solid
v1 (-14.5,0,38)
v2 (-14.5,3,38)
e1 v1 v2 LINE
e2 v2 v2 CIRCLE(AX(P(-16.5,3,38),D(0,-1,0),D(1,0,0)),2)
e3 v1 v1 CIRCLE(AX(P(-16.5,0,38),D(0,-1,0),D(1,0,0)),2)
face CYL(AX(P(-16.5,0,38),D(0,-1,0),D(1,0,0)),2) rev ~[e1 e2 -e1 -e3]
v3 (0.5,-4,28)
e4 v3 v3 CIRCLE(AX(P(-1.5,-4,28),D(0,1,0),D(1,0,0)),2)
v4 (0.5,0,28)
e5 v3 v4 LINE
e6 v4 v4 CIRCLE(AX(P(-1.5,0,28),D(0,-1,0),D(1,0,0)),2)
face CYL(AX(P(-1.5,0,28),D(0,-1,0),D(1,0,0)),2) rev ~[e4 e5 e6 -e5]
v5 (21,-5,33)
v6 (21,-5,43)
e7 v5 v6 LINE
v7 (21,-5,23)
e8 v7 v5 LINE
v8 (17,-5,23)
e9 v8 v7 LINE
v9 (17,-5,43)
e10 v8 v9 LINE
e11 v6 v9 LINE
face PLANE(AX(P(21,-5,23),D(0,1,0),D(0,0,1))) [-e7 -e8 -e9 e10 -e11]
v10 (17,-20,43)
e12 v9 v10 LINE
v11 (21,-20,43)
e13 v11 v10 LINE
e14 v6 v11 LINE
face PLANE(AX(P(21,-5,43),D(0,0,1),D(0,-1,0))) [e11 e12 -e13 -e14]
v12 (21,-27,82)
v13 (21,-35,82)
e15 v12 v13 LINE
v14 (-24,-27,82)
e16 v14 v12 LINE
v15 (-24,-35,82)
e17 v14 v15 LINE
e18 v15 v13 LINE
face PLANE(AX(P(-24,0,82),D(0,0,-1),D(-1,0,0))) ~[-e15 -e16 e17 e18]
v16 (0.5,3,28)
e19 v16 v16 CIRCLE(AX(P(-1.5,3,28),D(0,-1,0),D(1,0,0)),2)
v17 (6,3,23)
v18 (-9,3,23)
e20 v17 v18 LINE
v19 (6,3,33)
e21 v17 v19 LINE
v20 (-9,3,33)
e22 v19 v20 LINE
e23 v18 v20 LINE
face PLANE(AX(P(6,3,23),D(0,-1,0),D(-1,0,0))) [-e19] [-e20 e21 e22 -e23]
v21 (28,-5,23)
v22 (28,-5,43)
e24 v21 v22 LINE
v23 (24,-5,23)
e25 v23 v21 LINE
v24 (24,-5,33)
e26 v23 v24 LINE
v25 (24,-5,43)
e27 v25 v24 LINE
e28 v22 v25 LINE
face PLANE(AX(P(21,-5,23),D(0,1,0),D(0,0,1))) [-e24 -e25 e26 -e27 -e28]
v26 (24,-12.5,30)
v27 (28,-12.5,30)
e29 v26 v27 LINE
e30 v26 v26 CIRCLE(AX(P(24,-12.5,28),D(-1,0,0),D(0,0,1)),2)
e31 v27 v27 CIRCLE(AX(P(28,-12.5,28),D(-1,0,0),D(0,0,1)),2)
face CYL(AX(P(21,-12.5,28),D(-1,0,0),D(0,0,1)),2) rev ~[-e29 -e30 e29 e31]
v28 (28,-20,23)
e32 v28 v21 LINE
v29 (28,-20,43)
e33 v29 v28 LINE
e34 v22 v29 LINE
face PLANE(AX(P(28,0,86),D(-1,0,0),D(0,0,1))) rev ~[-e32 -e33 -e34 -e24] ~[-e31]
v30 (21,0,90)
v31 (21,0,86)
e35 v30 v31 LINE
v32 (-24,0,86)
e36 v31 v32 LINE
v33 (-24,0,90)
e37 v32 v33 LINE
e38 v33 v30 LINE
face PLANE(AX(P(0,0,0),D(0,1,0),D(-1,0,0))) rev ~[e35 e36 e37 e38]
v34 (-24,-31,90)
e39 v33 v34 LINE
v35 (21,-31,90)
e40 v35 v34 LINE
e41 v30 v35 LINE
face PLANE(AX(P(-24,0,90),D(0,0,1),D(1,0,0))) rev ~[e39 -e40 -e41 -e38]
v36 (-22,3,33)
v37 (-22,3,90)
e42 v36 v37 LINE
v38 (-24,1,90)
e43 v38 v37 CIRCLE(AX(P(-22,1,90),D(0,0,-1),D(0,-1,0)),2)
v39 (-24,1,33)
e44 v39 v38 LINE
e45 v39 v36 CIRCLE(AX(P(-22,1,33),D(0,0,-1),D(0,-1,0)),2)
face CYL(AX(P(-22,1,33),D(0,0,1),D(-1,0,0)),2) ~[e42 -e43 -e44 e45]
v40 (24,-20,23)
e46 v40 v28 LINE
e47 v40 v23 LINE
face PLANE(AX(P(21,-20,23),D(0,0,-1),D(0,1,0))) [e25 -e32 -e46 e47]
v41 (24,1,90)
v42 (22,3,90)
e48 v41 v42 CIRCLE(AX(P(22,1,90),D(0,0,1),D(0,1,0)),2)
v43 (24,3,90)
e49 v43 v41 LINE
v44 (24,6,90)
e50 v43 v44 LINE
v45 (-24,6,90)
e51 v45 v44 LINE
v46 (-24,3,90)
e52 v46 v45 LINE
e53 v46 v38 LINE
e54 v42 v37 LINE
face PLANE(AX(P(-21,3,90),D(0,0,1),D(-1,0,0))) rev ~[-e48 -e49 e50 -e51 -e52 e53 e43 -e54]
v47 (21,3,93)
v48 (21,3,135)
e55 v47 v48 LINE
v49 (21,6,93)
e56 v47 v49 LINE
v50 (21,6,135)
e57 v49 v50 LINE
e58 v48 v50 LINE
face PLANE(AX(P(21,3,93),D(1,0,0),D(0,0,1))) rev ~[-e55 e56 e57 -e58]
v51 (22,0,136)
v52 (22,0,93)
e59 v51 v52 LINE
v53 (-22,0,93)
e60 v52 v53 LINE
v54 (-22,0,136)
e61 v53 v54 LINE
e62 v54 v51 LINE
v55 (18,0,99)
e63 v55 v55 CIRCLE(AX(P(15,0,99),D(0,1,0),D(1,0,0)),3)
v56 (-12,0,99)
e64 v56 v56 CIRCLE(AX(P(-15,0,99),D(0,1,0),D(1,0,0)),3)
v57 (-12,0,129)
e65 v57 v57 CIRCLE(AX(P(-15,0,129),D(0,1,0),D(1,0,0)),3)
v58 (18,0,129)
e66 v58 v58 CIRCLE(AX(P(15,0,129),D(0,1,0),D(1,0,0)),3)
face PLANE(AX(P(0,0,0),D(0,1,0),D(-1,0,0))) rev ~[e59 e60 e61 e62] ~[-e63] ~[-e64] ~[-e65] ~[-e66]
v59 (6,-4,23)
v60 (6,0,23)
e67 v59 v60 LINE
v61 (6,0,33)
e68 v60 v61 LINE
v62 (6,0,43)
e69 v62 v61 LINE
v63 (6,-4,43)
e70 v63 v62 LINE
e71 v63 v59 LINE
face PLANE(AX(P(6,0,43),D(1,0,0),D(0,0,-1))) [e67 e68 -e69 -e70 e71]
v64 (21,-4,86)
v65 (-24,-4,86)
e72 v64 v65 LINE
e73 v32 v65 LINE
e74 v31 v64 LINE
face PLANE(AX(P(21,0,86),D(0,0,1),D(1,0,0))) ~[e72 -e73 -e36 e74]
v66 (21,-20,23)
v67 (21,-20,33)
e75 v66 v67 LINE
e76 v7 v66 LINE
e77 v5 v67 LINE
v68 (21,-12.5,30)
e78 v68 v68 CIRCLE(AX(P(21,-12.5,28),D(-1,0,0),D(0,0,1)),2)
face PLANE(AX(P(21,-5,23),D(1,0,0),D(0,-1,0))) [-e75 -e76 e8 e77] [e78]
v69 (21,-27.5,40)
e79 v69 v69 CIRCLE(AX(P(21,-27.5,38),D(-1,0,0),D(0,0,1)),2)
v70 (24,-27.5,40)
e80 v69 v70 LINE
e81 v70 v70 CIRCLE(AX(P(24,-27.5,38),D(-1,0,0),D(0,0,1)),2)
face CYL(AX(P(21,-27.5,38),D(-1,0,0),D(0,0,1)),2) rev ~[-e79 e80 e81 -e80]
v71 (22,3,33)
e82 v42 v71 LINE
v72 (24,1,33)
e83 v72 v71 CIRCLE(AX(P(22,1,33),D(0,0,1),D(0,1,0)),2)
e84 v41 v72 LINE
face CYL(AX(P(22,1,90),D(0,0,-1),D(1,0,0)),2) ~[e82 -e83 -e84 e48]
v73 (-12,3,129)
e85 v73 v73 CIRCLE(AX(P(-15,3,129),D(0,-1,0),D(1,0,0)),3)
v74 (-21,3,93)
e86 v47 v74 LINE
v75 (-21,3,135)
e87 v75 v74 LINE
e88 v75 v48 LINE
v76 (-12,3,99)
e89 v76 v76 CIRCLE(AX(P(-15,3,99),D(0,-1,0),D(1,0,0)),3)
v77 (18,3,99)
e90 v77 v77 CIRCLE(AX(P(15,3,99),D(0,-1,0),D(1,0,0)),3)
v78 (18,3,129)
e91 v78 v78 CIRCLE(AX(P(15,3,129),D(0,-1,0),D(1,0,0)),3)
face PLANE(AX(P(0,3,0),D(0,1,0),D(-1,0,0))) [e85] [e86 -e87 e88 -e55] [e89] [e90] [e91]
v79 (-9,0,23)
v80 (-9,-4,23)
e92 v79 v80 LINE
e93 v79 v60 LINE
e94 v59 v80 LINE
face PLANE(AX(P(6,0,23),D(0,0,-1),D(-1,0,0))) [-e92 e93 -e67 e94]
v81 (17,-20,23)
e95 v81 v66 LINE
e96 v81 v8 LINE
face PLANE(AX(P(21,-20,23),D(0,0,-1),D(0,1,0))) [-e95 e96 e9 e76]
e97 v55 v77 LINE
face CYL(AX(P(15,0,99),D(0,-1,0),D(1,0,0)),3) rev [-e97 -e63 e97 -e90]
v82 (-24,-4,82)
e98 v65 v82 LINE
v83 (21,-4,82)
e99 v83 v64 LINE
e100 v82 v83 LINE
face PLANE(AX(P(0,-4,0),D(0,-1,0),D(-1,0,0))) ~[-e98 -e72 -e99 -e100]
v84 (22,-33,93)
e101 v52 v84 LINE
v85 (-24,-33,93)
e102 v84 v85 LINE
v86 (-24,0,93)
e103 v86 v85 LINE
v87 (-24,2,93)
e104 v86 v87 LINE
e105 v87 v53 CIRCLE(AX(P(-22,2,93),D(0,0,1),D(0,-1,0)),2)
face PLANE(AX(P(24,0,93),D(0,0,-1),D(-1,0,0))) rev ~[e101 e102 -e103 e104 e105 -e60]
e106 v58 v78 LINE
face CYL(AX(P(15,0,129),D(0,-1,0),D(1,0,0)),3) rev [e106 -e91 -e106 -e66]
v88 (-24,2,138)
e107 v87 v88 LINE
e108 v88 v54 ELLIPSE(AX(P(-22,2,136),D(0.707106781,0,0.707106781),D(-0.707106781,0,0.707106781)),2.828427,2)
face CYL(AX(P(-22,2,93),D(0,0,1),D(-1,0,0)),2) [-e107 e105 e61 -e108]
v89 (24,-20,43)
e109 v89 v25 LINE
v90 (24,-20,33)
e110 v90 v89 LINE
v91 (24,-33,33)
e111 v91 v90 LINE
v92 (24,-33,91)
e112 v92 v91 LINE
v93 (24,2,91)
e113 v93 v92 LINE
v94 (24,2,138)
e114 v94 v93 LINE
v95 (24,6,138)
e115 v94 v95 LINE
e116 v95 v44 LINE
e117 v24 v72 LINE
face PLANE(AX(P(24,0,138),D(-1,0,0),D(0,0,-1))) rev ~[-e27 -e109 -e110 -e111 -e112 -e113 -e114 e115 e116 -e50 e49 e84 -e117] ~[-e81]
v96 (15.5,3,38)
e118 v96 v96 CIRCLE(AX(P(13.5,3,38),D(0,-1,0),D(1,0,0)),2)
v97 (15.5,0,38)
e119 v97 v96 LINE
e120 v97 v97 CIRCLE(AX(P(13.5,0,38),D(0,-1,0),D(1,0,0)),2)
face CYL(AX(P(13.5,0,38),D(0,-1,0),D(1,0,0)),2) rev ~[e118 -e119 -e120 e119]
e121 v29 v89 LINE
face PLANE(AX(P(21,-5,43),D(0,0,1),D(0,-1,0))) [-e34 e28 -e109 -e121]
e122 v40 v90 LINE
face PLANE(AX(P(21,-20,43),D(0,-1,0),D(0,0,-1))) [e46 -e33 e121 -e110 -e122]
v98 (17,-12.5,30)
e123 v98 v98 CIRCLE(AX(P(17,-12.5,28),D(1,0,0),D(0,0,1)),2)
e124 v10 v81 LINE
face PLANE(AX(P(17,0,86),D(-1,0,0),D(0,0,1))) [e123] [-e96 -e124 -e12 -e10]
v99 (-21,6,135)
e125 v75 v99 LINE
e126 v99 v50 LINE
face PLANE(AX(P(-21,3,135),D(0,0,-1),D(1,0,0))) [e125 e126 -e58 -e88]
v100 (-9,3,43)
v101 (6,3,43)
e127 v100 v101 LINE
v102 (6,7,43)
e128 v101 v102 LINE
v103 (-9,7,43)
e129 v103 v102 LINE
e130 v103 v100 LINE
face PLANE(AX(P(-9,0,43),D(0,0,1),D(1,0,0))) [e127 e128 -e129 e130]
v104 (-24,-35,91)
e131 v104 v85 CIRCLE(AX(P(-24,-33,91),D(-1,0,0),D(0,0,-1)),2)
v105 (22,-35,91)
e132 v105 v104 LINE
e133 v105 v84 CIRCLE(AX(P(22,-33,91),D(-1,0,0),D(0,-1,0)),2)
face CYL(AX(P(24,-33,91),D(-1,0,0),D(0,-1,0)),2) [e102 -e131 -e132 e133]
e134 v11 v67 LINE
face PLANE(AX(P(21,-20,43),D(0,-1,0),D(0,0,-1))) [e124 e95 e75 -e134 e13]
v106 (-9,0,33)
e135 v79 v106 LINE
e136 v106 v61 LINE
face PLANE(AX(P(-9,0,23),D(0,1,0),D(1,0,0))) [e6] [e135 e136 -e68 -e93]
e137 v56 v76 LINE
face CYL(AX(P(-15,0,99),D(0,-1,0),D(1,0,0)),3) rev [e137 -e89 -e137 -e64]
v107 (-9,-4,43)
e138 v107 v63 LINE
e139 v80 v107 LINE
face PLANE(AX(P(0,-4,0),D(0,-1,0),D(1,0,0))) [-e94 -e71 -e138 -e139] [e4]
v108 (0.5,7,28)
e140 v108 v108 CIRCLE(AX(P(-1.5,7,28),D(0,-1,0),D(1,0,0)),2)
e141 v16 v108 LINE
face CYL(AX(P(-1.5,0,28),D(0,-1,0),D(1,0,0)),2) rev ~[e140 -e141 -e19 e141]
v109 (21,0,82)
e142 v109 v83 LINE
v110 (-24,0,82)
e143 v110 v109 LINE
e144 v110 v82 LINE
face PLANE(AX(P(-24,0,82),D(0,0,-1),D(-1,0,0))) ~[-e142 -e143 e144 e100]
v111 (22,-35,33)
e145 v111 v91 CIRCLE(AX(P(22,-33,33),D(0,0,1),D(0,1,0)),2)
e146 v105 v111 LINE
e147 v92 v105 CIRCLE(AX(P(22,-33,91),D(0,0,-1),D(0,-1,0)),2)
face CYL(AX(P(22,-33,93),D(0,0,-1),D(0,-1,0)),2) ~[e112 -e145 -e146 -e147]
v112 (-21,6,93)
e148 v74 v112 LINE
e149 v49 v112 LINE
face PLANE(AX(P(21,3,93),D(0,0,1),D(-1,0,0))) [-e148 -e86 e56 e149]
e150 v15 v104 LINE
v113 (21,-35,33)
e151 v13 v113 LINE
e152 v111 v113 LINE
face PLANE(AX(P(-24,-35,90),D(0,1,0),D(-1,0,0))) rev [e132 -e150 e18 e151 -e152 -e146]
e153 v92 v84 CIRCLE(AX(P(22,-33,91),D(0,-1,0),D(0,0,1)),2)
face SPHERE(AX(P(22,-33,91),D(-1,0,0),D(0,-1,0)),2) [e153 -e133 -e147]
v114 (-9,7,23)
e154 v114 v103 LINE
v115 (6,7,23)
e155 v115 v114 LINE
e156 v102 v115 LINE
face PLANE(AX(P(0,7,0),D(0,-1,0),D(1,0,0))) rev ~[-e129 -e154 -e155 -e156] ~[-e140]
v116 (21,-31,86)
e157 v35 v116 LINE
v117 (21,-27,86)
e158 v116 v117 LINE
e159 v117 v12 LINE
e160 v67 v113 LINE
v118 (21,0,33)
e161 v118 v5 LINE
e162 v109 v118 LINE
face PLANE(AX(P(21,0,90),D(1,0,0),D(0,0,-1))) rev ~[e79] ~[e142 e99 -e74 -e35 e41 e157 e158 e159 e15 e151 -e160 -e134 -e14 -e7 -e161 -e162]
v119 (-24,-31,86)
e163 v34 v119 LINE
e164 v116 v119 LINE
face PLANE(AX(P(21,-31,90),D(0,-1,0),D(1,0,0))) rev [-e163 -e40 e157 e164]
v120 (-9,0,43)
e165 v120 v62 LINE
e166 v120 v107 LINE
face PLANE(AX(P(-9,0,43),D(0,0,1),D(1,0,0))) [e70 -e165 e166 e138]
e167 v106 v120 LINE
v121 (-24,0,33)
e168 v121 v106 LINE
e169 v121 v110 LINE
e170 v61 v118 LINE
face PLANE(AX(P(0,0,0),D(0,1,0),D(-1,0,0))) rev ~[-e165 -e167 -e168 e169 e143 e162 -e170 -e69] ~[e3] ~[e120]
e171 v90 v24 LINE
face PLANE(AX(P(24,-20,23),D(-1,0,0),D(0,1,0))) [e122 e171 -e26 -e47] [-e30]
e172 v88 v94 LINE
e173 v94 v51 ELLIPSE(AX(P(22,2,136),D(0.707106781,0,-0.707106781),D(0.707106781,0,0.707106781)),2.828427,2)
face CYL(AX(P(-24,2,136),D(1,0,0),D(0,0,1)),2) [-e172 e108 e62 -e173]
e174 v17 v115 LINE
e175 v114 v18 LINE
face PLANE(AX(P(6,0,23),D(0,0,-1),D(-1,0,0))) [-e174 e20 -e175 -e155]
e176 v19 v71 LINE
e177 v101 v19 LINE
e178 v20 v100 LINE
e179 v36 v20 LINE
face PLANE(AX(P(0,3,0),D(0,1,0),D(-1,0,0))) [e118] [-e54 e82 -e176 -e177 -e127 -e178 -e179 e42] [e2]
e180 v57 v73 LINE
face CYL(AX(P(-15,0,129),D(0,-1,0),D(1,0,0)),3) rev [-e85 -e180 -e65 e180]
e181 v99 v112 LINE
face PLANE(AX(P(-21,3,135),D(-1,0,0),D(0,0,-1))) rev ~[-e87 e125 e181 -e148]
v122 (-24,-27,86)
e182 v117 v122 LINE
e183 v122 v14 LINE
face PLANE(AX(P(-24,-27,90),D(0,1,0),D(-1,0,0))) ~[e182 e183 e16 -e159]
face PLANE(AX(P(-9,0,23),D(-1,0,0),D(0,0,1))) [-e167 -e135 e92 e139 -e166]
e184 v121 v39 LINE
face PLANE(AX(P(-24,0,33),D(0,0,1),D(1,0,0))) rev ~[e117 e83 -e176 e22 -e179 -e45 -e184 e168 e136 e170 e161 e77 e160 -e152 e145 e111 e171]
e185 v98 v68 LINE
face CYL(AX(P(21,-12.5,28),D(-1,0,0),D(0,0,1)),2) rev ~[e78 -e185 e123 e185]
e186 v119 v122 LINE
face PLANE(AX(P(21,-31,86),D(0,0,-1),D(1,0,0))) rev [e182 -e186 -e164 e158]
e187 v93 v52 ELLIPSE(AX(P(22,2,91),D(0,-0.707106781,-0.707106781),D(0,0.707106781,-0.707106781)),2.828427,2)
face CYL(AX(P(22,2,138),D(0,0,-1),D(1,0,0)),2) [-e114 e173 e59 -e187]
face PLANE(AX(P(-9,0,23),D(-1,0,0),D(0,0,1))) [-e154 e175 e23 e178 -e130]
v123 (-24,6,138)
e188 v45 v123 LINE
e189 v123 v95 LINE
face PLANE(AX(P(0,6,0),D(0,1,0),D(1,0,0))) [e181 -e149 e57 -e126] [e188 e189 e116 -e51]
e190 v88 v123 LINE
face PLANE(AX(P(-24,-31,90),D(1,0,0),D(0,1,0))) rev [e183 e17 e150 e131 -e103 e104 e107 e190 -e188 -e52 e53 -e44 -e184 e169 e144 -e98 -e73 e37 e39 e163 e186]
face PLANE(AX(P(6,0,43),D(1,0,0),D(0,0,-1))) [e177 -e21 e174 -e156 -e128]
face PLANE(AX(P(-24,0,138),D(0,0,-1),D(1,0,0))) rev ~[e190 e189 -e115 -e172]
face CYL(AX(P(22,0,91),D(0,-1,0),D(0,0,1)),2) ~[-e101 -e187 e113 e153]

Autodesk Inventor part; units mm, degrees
ref_plane "YZ Plane" through (0, 0, 0) normal (1, 0, 0) x (0, 1, 0)
ref_plane "XZ Plane" through (0, 0, 0) normal (0, 1, 0) x (-1, 0, 0)
ref_plane "XY Plane" through (0, 0, 0) normal (0, 0, 1) x (1, 0, 0)
sketch "Sketch1" plane through (0, 0, 0) normal (0, 1, 0) x (-1, 0, 0)
  line L0 (24, 138) -> (-24, 138)
  line L1 (-24, 138) -> (-24, -138)
  line L2 (-24, -138) -> (24, -138)
  line L3 (24, -138) -> (24, 138)
  point P0 (0, 0)
  dimension "d0" = 48
  dimension "d1" = 276
extrude "Extrusion1" add sketch "Sketch1" along normal blind 3
sketch "Sketch2" plane through (0, 3, 0) normal (0, 1, 0) x (1, 0, 0)
  line L0 (-24, 138) -> (-24, -138) projected
  line L1 (-24, -138) -> (-21, -138)
  line L2 (-21, -138) -> (-21, -90)
  line L3 (-21, -90) -> (-24, -90)
  line L4 (-24, -90) -> (-24, -138)
  line L5 (24, -138) -> (24, 138) projected
  line L6 (-21, -90) -> (24, -90)
  line L7 (24, -90) -> (24, -93)
  line L8 (24, -93) -> (-21, -93)
  line L9 (-21, -93) -> (-21, -90)
  line L10 (-24, -138) -> (24, -138) projected
  line L11 (24, -93) -> (21, -93)
  line L12 (21, -93) -> (21, -138)
  line L13 (21, -138) -> (24, -138)
  line L14 (24, -138) -> (24, -93)
  line L15 (21, -138) -> (-21, -138)
  line L16 (-21, -138) -> (-21, -135)
  line L17 (-21, -135) -> (21, -135)
  line L18 (21, -135) -> (21, -138)
  point P0 (0, 0)
  dimension "d4" = 3
  dimension "d5" = 48
  dimension "d6" = 3
  dimension "d7" = 3
  dimension "d8" = 3
extrude "Extrusion2" add sketch "Sketch2" along normal blind 3 contours L3 L2 L1 L0 | L6 L5 L8 L2 | L2 L17 L12 L10 | L12 L8 L5 L10
mirror "Mirror1" about plane through (0, 0, 0) normal (0, 0, 1) of "Extrusion2"
sketch "Sketch3" plane through (0, 0, 0) normal (0, -1, 0) x (1, 0, 0)
  line L0 (24, -90) -> (-24, -90) projected
  line L1 (24, 138) -> (24, -138) projected
  line L2 (-24, -90) -> (24, -90)
  line L3 (24, -90) -> (24, -93)
  line L4 (24, -93) -> (-24, -93)
  line L5 (-24, -93) -> (-24, -90)
  line L6 (-24, 90) -> (24, 90) projected
  line L7 (24, 90) -> (21, 90)
  line L8 (21, 90) -> (21, -90)
  line L9 (21, -90) -> (24, -90)
  line L10 (24, -90) -> (24, 90)
  line L11 (-24, 90) -> (24, 90)
  line L12 (24, 90) -> (24, 93)
  line L13 (24, 93) -> (-24, 93)
  line L14 (-24, 93) -> (-24, 90)
  point P0 (0, 0)
  dimension "d11" = 3
  dimension "d12" = 3
  dimension "d13" = 3
extrude "Extrusion3" add sketch "Sketch3" along normal blind 35
sketch "Sketch4" plane through (-24, 0, -90) normal (0, 0, 1) x (1, 0, 0)
  line L0 (0, -35) -> (45, -35) projected
  line L1 (45, 0) -> (45, -35) projected
  line L2 (0, -35) -> (45, -35)
  line L3 (45, -35) -> (45, -31)
  line L4 (45, -31) -> (0, -31)
  line L5 (0, -31) -> (0, -35)
  point P0 (24, 0)
  dimension "d16" = 4
extrude "Extrusion4" add sketch "Sketch4" along normal blind 8
sketch "Sketch5" plane through (-24, -31, -90) normal (0, 1, 0) x (1, 0, 0)
  line L0 (0, -8) -> (45, -8) projected
  line L1 (45, 0) -> (45, -8) projected
  line L2 (0, -8) -> (45, -8)
  line L3 (45, -8) -> (45, -4)
  line L4 (45, -4) -> (0, -4)
  line L5 (0, -4) -> (0, -8)
  point P0 (24, -90)
  dimension "d19" = 4
extrude "Extrusion5" add sketch "Sketch5" along normal blind 4
sketch "Sketch6" plane through (0, 0, 0) normal (0, -1, 0) x (1, 0, 0)
  line L0 (21, -86) -> (-24, -86) projected
  line L1 (-24, -82) -> (21, -82)
  line L2 (21, -82) -> (21, -86)
  line L3 (21, -86) -> (-24, -86)
  line L4 (-24, -86) -> (-24, -82)
  point P0 (0, 0)
  dimension "d22" = 4
extrude "Extrusion6" add sketch "Sketch6" along normal blind 4
mirror "Mirror2" about plane through (0, 0, 0) normal (0, 0, 1) of "Extrusion6", "Extrusion5", "Extrusion4"
sketch "Sketch7" plane through (0, 0, 0) normal (0, -1, 0) x (1, 0, 0)
  circle A0 centre (-15, -129) radius 3
  circle A1 centre (15, -129) radius 3
  circle A2 centre (15, -99) radius 3
  circle A3 centre (-15, -99) radius 3
  point P0 (0, 0)
  dimension "d25" = 6
  dimension "d26" = 6
  dimension "d27" = 6
  dimension "d28" = 6
extrude "Extrusion7" cut sketch "Sketch7" against normal blind 4
mirror "Mirror3" about plane through (0, 0, 0) normal (0, 0, 1) of "Extrusion7"
sketch "Sketch8" plane through (0, 0, 0) normal (0, -1, 0) x (1, 0, 0)
  line L0 (21, 82) -> (21, -82) projected
  line L1 (-24, -82) -> (-24, 82) projected
  line L2 (21, -20) -> (-24, -20)
  line L3 (-24, -20) -> (-24, -17)
  line L4 (-24, -17) -> (21, -17)
  line L5 (21, -17) -> (21, -20)
  point P0 (0, 0)
  dimension "d31" = 3
extrude "Extrusion8" add sketch "Sketch8" along normal blind 42.3
sketch "Sketch9" plane through (21, 0, -20) normal (0, 0, -1) x (-1, 0, 0)
  circle A0 centre (39.35, -5.65) radius 4
  circle A1 centre (39.35, -36.65) radius 4
  circle A2 centre (8.35, -5.65) radius 4
  circle A3 centre (8.35, -36.65) radius 4
  point P0 (21, 0)
  dimension "d34" = 8
  dimension "d35" = 8
  dimension "d36" = 8
  dimension "d37" = 8
extrude "Extrusion9" add sketch "Sketch9" along normal blind 3
sketch "Sketch10" plane through (-18.35, -36.65, -23) normal (0, 0, -1) x (-1, 0, 0)
  circle A0 centre (0, 0) radius 3
  circle A1 centre (0, 31) radius 4 projected
  circle A2 centre (0, 31) radius 3
  circle A3 centre (-31, 0) radius 4 projected
  circle A4 centre (-31, 0) radius 3
  circle A5 centre (-31, 31) radius 4 projected
  circle A6 centre (-31, 31) radius 3
  point P0 (-18.35, 36.65)
  dimension "d40" = 6
  dimension "d41" = 6
  dimension "d42" = 6
  dimension "d43" = 6
extrude "Extrusion10" cut sketch "Sketch10" against normal blind 2 contours A0 | A2 | A4 | A6
sketch "Sketch11" plane through (21, 0, -20) normal (0, 0, -1) x (-1, 0, 0)
  circle A0 centre (23.85, -21.15) radius 12.5
  circle A1 centre (39.35, -36.65) radius 3 projected
  circle A2 centre (39.35, -36.65) radius 2
  circle A3 centre (8.35, -36.65) radius 3 projected
  circle A4 centre (8.35, -36.65) radius 2
  circle A5 centre (8.35, -5.65) radius 4 projected
  circle A6 centre (8.35, -5.65) radius 2
  circle A7 centre (39.35, -5.65) radius 4 projected
  circle A8 centre (39.35, -5.65) radius 2
  point P0 (21, 0)
  dimension "d46" = 25
  dimension "d47" = 4
  dimension "d48" = 4
  dimension "d49" = 4
  dimension "d50" = 4
extrude "Extrusion11" cut sketch "Sketch11" along normal mid plane 10 contours A0 | A2 | A4 | A6 | A8
sketch "Sketch12" plane through (0, 0, 0) normal (0, -1, 0) x (1, 0, 0)
  line L0 (-24, -17) -> (-24, 82) projected
  line L1 (-24, 33) -> (24, 33)
  line L2 (24, 33) -> (24, -138)
  line L3 (24, -138) -> (-24, -138)
  line L4 (-24, -138) -> (-24, 33)
  point P0 (0, 0)
extrude "Extrusion12" cut sketch "Sketch12" along normal mid plane 100
sketch "Sketch13" plane through (0, 0, 0) normal (0, -1, 0) x (1, 0, 0)
  line L0 (-9, 43) -> (6, 43)
  line L1 (6, 43) -> (6, 23)
  line L2 (6, 23) -> (-9, 23)
  line L3 (-9, 23) -> (-9, 43)
  point P0 (0, 0)
  dimension "d55" = 15
  dimension "d56" = 20
extrude "Extrusion13" add sketch "Sketch13" along normal blind 4 and the other way blind 7
sketch "Sketch14" plane through (21, 0, 86) normal (-1, 0, 0) x (0, 0, 1)
  line L0 (-43, -20) -> (-63, -20)
  line L1 (-63, -20) -> (-63, -5)
  line L2 (-63, -5) -> (-43, -5)
  line L3 (-43, -5) -> (-43, -20)
  point P0 (-86, 0)
  dimension "d61" = 20
  dimension "d62" = 15
extrude "Extrusion14" add sketch "Sketch14" along normal blind 4 and the other way blind 7
sketch "Sketch15" plane through (21, 0, 86) normal (-1, 0, 0) x (0, 0, 1)
  circle A0 centre (-58, -12.5) radius 2
  circle A1 centre (-48, -27.5) radius 2
  point P0 (-86, 0)
  dimension "d67" = 4
  dimension "d68" = 4
extrude "Extrusion15" cut sketch "Sketch15" along normal mid plane 20
sketch "Sketch16" plane through (0, 0, 0) normal (0, -1, 0) x (1, 0, 0)
  circle A0 centre (-16.5, 38) radius 2
  circle A1 centre (-1.5, 28) radius 2
  circle A2 centre (13.5, 38) radius 2
  point P0 (0, 0)
  dimension "d71" = 4
  dimension "d72" = 4
  dimension "d73" = 4
extrude "Extrusion16" cut sketch "Sketch16" along normal mid plane 20
sketch "Sketch17" plane through (6, -4, 23) normal (0, 0, -1) x (-1, 0, 0)
  line L0 (-18, 7) -> (0, 7) projected
  line L1 (15, 4) -> (15, 0) projected
  line L2 (0, 7) -> (15, 7)
  line L3 (15, 7) -> (15, 4)
  line L4 (15, 4) -> (0, 4)
  line L5 (0, 4) -> (0, 7)
  line L6 (-15, -16) -> (-18, -16)
  line L7 (-18, -16) -> (-18, -1)
  line L8 (-18, -1) -> (-15, -1)
  line L9 (-15, -1) -> (-15, -16)
  point P0 (6, 4)
  dimension "d76" = 3
extrude "Extrusion17" cut sketch "Sketch17" against normal blind 10
fillet "Fillet1" radius 2 8 edges at (-24, 0, 115.5) (0, 0, 138) (24, 0, 115.5) (0, -35, 93) (-24, 3, 61.5) (24, -35, 63) (24, 3, 61.5) (24, -17.5, 93)
properties part number "carriageEndR"
